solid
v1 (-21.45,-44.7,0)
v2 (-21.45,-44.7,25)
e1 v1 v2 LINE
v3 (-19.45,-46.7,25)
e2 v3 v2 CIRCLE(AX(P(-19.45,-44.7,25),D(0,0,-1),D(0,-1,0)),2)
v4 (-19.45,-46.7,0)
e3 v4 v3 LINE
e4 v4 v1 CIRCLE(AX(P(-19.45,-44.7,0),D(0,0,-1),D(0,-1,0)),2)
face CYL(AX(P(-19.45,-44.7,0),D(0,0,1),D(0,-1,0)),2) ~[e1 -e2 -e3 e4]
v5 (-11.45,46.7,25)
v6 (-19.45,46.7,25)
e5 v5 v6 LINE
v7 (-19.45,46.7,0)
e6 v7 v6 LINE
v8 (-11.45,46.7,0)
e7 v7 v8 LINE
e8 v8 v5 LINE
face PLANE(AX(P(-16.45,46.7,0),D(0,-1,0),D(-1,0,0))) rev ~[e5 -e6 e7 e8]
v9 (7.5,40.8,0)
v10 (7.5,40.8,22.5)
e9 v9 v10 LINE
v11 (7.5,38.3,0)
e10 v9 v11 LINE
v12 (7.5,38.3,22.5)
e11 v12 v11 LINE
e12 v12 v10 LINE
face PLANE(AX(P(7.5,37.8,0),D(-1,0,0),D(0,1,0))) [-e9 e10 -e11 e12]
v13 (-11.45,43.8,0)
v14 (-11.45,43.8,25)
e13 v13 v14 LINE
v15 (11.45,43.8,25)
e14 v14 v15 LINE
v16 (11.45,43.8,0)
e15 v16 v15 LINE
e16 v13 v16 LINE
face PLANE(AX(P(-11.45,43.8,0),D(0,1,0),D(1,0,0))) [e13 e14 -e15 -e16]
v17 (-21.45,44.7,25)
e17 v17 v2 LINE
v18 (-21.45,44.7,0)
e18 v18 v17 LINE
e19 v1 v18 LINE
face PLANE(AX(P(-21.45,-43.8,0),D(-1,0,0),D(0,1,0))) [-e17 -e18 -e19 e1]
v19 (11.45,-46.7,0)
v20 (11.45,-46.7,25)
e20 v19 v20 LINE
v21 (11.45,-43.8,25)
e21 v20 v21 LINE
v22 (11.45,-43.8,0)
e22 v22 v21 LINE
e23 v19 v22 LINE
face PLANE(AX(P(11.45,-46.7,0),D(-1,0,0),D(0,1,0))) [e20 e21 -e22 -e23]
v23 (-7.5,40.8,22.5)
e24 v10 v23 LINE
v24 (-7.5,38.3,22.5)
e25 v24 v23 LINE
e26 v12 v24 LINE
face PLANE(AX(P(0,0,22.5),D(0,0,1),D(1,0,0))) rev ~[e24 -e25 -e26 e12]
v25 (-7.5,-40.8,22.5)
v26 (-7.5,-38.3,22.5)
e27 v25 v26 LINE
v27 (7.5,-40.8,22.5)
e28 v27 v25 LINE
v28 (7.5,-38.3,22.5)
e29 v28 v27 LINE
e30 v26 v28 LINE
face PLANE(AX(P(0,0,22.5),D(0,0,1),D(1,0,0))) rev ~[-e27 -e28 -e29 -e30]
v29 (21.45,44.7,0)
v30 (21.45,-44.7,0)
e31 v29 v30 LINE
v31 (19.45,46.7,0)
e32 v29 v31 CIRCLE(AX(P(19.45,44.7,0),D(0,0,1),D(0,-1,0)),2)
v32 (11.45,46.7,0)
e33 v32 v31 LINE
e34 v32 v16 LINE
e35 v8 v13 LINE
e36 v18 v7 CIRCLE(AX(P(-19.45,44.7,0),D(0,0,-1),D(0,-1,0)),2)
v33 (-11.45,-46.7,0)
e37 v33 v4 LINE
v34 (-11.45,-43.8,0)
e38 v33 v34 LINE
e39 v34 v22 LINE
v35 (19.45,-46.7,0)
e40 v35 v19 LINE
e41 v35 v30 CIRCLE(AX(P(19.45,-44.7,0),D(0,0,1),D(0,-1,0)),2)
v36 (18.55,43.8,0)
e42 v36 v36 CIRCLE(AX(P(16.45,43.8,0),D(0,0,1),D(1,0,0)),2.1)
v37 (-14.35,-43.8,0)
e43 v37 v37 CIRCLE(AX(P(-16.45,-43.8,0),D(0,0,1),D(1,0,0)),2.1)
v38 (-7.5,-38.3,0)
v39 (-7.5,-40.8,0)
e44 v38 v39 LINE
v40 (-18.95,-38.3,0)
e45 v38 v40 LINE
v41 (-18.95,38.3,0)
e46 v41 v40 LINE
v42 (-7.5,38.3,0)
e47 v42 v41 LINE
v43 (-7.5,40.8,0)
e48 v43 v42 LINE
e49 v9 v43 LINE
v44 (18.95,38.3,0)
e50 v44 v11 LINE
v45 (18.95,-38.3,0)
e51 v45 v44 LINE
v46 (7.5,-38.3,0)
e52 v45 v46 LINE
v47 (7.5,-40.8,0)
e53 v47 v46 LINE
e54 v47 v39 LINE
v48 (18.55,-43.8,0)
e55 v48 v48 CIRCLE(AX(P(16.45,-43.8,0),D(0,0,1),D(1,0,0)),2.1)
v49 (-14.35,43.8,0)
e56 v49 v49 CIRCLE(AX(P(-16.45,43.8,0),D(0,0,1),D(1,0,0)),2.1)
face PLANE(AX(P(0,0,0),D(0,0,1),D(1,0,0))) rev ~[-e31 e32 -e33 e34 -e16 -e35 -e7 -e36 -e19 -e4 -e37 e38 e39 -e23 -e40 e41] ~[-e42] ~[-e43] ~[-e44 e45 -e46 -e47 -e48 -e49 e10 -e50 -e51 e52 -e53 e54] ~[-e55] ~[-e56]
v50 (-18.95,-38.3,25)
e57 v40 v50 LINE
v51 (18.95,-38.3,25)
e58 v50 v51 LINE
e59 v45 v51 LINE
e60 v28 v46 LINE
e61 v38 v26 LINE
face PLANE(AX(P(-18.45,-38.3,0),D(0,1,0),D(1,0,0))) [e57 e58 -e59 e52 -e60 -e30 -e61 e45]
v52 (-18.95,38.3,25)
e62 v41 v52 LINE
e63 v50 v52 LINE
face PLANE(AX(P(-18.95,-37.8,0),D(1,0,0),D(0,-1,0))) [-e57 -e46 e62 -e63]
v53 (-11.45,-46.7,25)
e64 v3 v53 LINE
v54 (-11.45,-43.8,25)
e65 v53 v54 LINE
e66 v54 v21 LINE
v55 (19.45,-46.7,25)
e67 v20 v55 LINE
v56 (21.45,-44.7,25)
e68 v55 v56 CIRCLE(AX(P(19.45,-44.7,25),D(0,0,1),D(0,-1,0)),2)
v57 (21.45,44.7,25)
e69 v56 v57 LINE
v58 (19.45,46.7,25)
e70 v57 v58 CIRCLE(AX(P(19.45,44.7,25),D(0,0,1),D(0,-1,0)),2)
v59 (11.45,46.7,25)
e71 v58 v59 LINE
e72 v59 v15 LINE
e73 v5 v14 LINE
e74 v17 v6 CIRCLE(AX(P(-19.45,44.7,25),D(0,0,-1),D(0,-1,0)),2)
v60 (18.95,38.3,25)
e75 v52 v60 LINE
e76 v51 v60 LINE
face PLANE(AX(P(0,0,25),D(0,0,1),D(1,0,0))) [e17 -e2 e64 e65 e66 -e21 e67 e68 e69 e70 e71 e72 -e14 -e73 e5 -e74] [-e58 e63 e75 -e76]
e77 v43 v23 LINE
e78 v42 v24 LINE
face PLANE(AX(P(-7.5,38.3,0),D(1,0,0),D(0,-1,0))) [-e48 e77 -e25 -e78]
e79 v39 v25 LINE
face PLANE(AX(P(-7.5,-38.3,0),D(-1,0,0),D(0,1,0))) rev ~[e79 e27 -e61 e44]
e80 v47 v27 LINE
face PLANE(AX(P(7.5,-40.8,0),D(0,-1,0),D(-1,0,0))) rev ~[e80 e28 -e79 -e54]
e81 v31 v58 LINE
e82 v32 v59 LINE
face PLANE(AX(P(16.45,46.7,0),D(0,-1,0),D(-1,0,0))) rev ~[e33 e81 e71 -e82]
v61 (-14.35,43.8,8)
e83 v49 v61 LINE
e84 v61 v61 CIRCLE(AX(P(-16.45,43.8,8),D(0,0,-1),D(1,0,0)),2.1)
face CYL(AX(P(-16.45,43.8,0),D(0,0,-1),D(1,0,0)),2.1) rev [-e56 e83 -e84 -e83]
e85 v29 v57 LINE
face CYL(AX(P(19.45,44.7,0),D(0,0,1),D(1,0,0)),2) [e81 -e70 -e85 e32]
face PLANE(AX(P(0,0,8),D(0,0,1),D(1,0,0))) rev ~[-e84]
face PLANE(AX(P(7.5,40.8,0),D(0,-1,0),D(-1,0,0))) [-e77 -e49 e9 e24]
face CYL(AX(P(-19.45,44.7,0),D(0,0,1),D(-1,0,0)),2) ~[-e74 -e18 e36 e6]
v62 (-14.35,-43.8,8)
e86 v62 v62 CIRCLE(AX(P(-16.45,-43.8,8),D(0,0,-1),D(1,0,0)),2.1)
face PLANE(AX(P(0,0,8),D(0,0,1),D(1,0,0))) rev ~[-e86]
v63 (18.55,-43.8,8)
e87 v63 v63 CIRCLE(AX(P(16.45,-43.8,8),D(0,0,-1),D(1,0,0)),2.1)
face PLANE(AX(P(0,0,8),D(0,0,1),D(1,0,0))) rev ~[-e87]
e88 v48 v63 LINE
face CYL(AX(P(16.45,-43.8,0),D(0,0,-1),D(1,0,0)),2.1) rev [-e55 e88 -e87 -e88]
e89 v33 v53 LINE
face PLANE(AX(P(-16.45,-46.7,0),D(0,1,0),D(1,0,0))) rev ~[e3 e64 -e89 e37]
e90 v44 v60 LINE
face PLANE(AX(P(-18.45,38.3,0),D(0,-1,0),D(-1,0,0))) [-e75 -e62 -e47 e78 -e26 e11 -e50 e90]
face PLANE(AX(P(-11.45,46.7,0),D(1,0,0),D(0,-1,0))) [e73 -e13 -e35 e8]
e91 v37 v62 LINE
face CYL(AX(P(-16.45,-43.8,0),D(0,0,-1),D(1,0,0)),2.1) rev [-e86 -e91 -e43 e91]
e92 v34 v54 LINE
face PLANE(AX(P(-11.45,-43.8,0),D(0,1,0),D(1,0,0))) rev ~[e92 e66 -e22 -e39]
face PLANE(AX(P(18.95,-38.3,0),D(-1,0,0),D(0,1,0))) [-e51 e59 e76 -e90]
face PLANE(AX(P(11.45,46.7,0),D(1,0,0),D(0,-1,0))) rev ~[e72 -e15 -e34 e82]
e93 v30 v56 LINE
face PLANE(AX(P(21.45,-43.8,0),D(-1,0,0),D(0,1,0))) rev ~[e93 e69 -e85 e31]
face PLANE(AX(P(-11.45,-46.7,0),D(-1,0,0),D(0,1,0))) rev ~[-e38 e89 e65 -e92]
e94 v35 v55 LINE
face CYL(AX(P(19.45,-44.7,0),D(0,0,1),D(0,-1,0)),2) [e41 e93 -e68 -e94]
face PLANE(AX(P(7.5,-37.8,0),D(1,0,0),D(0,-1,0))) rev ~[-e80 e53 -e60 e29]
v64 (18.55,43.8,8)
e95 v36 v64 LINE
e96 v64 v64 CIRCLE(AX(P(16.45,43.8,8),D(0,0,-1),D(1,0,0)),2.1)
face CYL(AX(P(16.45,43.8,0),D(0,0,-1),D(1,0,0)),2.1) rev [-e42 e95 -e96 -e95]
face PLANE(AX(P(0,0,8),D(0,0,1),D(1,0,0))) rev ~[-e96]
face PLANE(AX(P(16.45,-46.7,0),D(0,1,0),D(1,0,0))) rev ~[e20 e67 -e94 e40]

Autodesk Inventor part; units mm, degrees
ref_plane "YZ Plane" through (0, 0, 0) normal (1, 0, 0) x (0, 1, 0)
ref_plane "XZ Plane" through (0, 0, 0) normal (0, 1, 0) x (-1, 0, 0)
ref_plane "XY Plane" through (0, 0, 0) normal (0, 0, 1) x (1, 0, 0)
sketch "Эскиз1" plane through (0, 0, 0) normal (0, 0, 1) x (1, 0, 0)
  line L0 (-18.25, -37.6) -> (18.25, -37.6)
  line L1 (18.25, -37.6) -> (18.25, 37.6)
  line L2 (18.25, 37.6) -> (-18.25, 37.6)
  line L3 (-18.25, 37.6) -> (-18.25, -37.6)
  line L4 (-18.25, 0) -> (18.25, 0) construction
  line L5 (0, 37.6) -> (0, -37.6) construction
  line L6 (-18.45, -37.8) -> (18.45, -37.8)
  line L7 (18.45, -37.8) -> (18.45, 37.8)
  line L8 (18.45, 37.8) -> (-18.45, 37.8)
  line L9 (-18.45, 37.8) -> (-18.45, -37.8)
  line L10 (-7.5, -37.8) -> (7.5, -37.8)
  line L11 (7.5, -37.8) -> (7.5, -40.8)
  line L12 (7.5, -40.8) -> (-7.5, -40.8)
  line L13 (-7.5, -40.8) -> (-7.5, -37.8)
  line L14 (-18.45, -37.8) -> (-18.45, -43.8)
  line L15 (-18.45, -43.8) -> (18.45, -43.8)
  line L16 (18.45, -43.8) -> (18.45, -37.8)
  line L17 (-18.45, 37.8) -> (-18.45, 43.8)
  line L18 (-18.45, 43.8) -> (18.45, 43.8)
  line L19 (18.45, 43.8) -> (18.45, 37.8)
  line L20 (-18.45, -43.8) -> (-21.45, -43.8)
  line L21 (-21.45, -43.8) -> (-21.45, 43.8)
  line L22 (-21.45, 43.8) -> (-18.45, 43.8)
  line L23 (-18.45, 43.8) -> (-18.45, -43.8)
  line L24 (18.45, 37.8) -> (18.45, 43.8)
  line L25 (21.45, -43.8) -> (21.45, 43.8)
  line L26 (21.45, 43.8) -> (18.45, 43.8)
  line L27 (18.45, 43.8) -> (18.45, -43.8)
  line L28 (7.5, 37.8) -> (7.5, 40.8)
  line L29 (7.5, 40.8) -> (-7.5, 40.8)
  line L30 (-7.5, 40.8) -> (-7.5, 37.8)
  line L31 (-21.45, -43.8) -> (-11.45, -43.8)
  line L32 (18.45, -43.8) -> (21.45, -43.8)
  line L33 (21.45, -43.8) -> (11.45, -43.8)
  line L34 (16.45, 46.7) -> (21.45, 46.7)
  line L35 (16.45, 46.7) -> (11.45, 46.7)
  line L36 (11.45, 46.7) -> (11.45, 43.8)
  line L37 (21.45, 46.7) -> (21.45, 43.8)
  line L38 (11.45, 43.8) -> (16.45, 43.8)
  circle A0 centre (16.45, 43.8) radius 2.1
  line L39 (-16.45, 46.7) -> (-21.45, 46.7)
  line L40 (-16.45, 46.7) -> (-11.45, 46.7)
  line L41 (-11.45, 46.7) -> (-11.45, 43.8)
  line L42 (-21.45, 46.7) -> (-21.45, 43.8)
  circle A1 centre (-16.45, 43.8) radius 2.1
  line L43 (16.45, -46.7) -> (21.45, -46.7)
  line L44 (16.45, -46.7) -> (11.45, -46.7)
  line L45 (11.45, -46.7) -> (11.45, -43.8)
  line L46 (21.45, -46.7) -> (21.45, -43.8)
  circle A2 centre (16.45, -43.8) radius 2.1
  line L47 (-11.45, -46.7) -> (-11.45, -43.8)
  line L48 (-16.45, -46.7) -> (-11.45, -46.7)
  line L49 (-16.45, -46.7) -> (-21.45, -46.7)
  line L50 (-21.45, -46.7) -> (-21.45, -43.8)
  circle A3 centre (-16.45, -43.8) radius 2.1
  line L51 (-18.45, -37.8) -> (-18.95, -37.8)
  line L52 (-18.95, -37.8) -> (-18.95, -38.3)
  line L53 (-18.95, -38.3) -> (-18.45, -38.3)
  line L54 (-18.45, -38.3) -> (-18.45, -37.8)
  line L55 (-18.95, -38.3) -> (18.95, -38.3)
  line L56 (18.95, -38.3) -> (18.95, 38.3)
  line L57 (18.95, 38.3) -> (-18.95, 38.3)
  line L58 (-18.95, 38.3) -> (-18.95, -38.3)
  point P0 (0, 0)
  point P1 (0, 0)
  point P2 (-1.9914, -32.8601)
  point P3 (0, -37.8)
  dimension "d0" = 36.5
  dimension "d1" = 75.2
  dimension "d4" = 36.9
  dimension "d5" = 75.6
  dimension "d6" = 15
  dimension "d7" = 3
  dimension "d9" = 6
  dimension "d10" = 3
  dimension "d18" = 5
  dimension "d19" = 4.2
  dimension "d27" = 0.5
  dimension "d28" = 0.5
  dimension "d29" = 37.9
  dimension "d30" = 76.6
extrude "Выдавливание1" add sketch "Эскиз1" along normal blind 25 contours L55 L13 L12 L11 L16 A2 L15 A3 L14 | L14 A3 L20 L21 L22 A1 L17 L57 L58 L52 L53 | L55 L11 L12 L13 | L17 A1 L18 A0 L19 L57 L28 L29 L30 | A3 L15 L14 | L14 L20 A3 | L30 L29 L28 L57 | A1 L22 L17 | L17 L18 A1 | L15 A3 L20 | L15 L47 L48 L49 L50 L20 A3 | L55 L56 L57 L19 A0 L26 L25 L32 A2 L16 | L22 A1 L18 | L22 L42 L39 L40 L41 L18 A1 | A2 L32 L16 | L16 L15 A2 | L15 A2 L32 L46 L43 L44 L45 | A0 L18 L19 | L19 L26 A0 | L32 A2 L15 | L36 L35 L34 L37 L26 A0 L18 | L18 A0 L26
extrude "Выдавливание2" cut sketch "Эскиз1" along normal blind 8 contours A3 L15 L14 | L14 L20 A3 | A1 L22 L17 | L17 L18 A1 | L15 A3 L20 | L22 A1 L18 | A2 L32 L16 | L16 L15 A2 | A0 L18 L19 | L19 L26 A0 | L32 A2 L15 | L18 A0 L26
extrude "Выдавливание3" cut sketch "Эскиз1" along normal blind 22.5 contours L6 L11 L55 L13 | L55 L11 L12 L13 | L30 L57 L28 L8 | L30 L29 L28 L57
fillet "Сопряжение1" radius 2 4 edges at (21.45, -46.7, 12.5) (-21.45, -46.7, 12.5) (-21.45, 46.7, 12.5) (21.45, 46.7, 12.5)
properties part number "fast_akkum"
